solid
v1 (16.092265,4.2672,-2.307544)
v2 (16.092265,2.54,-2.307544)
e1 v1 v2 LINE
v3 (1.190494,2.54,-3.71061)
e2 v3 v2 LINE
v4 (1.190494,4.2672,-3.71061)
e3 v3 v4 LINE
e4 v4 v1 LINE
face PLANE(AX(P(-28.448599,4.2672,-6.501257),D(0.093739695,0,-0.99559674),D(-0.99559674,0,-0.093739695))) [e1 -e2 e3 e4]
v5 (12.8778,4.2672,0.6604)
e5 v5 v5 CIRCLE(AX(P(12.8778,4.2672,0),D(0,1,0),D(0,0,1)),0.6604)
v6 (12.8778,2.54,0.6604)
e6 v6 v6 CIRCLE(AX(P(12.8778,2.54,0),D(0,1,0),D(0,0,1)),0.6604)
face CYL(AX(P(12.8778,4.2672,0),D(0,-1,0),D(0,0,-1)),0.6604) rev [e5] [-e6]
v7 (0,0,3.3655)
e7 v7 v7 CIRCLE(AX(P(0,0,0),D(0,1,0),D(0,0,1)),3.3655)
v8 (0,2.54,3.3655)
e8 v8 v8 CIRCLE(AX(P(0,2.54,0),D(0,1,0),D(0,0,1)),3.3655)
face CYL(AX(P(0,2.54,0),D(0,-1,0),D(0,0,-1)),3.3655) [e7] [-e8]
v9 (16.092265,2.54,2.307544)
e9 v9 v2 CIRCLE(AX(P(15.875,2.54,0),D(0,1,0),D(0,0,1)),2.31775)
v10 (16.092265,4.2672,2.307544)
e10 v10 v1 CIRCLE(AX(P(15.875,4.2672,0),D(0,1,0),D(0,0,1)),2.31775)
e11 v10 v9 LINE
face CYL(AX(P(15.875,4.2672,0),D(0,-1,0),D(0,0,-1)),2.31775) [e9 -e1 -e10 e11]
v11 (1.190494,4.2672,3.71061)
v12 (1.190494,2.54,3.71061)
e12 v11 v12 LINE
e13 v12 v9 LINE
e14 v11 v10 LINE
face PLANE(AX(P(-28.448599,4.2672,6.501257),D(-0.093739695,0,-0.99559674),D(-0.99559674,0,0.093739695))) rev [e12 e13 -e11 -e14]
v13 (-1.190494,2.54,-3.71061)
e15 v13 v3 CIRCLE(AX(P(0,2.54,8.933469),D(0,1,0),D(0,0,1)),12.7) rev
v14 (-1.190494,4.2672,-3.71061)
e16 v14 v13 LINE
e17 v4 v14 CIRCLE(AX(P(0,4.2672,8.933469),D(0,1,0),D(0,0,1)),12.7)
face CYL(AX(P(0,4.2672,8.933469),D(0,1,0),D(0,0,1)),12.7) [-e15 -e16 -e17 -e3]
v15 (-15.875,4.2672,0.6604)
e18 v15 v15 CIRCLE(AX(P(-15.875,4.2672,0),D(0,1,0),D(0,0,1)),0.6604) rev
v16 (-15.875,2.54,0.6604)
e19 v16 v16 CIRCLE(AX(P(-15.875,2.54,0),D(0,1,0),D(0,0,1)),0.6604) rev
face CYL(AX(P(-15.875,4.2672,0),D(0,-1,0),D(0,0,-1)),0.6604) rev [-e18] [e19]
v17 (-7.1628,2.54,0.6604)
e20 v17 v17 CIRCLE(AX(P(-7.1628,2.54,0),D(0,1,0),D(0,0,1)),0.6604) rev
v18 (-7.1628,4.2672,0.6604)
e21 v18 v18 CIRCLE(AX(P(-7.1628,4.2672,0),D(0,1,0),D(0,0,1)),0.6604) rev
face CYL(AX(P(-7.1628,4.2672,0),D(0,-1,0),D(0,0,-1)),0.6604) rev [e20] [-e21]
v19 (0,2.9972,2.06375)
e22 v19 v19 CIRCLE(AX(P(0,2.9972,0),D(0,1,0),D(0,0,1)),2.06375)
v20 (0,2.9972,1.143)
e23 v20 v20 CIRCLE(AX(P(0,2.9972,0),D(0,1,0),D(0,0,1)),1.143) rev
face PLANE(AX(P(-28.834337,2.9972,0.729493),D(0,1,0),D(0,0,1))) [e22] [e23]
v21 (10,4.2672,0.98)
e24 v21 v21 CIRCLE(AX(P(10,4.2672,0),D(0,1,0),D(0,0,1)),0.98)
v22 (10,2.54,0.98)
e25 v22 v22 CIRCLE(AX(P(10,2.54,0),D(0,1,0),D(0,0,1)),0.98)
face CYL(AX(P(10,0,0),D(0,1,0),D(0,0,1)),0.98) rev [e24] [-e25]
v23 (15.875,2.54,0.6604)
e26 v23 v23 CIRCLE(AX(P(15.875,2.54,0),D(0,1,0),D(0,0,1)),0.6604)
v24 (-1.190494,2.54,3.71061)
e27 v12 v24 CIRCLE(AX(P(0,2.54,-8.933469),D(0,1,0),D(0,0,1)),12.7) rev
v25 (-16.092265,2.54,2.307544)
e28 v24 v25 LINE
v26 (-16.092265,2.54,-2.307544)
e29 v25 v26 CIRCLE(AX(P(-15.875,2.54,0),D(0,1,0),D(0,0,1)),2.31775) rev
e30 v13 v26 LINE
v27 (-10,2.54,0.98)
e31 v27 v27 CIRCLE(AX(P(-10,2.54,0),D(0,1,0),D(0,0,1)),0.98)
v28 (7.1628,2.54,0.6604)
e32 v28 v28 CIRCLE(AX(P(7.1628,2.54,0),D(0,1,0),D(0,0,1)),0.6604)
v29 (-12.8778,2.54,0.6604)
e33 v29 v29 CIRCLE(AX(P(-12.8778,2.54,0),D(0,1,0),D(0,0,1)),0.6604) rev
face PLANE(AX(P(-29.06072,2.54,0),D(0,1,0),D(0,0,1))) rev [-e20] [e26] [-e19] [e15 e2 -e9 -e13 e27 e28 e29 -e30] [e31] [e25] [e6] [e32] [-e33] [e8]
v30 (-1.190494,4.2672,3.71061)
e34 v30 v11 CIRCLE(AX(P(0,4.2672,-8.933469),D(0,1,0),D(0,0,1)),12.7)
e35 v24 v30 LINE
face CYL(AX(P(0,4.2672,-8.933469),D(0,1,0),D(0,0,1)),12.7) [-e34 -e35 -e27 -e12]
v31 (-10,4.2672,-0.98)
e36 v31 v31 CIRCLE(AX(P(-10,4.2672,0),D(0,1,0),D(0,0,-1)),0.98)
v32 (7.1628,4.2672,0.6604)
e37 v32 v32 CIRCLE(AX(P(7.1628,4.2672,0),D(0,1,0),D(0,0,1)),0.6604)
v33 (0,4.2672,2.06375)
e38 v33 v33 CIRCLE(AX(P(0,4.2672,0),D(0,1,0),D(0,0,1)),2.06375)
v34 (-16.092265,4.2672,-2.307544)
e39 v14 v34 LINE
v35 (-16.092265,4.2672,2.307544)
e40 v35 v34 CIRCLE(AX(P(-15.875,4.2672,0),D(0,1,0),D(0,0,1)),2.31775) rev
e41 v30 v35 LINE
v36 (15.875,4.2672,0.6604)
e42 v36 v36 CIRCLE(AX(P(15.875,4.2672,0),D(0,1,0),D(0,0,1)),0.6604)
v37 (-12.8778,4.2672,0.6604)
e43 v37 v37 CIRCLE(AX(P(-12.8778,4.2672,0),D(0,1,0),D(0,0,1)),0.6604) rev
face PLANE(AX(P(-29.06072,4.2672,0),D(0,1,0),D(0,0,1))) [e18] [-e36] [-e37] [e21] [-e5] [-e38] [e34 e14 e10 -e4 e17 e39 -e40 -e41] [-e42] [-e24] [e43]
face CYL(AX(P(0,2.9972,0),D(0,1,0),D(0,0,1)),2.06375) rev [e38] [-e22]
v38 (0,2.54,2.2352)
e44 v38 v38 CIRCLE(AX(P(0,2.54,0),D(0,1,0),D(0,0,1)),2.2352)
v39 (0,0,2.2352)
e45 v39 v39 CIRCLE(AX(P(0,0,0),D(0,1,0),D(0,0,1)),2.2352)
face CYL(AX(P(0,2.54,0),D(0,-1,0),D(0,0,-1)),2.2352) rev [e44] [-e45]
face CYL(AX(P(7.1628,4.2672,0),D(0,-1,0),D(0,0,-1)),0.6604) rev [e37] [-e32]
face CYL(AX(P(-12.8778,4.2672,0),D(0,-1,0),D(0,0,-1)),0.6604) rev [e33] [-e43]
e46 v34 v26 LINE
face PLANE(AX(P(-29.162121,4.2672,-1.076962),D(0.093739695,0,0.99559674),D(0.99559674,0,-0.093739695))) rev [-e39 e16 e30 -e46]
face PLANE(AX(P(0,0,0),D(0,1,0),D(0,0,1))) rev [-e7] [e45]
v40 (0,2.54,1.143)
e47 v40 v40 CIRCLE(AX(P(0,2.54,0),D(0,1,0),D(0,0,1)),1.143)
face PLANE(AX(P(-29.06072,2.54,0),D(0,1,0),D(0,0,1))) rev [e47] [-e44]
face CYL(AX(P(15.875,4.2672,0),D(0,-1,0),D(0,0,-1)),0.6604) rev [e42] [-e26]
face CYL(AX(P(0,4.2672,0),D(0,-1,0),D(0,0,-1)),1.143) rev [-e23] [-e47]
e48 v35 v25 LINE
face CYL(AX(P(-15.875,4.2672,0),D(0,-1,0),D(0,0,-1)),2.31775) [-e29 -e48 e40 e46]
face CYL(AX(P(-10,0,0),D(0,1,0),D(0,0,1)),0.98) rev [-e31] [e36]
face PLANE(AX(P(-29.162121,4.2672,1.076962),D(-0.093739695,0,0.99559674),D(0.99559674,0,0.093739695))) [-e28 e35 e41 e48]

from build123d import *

# Parameters (mm, degrees)
SKETCH1_R           = 3.3655
SKETCH1_R_2         = 2.2352
BOSS_EXTRUDE1_DEPTH = 2.54
SKETCH2_R           = 0.6604
SKETCH2_R_2         = 2.31775
SKETCH2_R_3         = 3.3655
SKETCH2_R_4         = 2.2352
SKETCH2_R_5         = 1.143
BOSS_EXTRUDE2_DEPTH = 1.7272
FILLET1_R           = 12.7
SKETCH3_R           = 2.06375
SKETCH3_R_2         = 1.143
CUT_EXTRUDE1_DEPTH  = 1.27
SKETCH8_R           = 0.98
CUT_EXTRUDE4_DEPTH  = 20.062316393


with BuildPart() as part:
    # Sketch1 → Boss-Extrude1 (new body)
    with BuildSketch(Plane(origin=(0, 0, 0), x_dir=(1, 0, 0), z_dir=(0, 1, 0))):
        with Locations(Location((0, 0, 0), (0, 0, 270))):
            Circle(SKETCH1_R)
        with Locations(Location((0, 0, 0), (0, 0, 270))):
            Circle(SKETCH1_R_2, mode=Mode.SUBTRACT)
    extrude(amount=BOSS_EXTRUDE1_DEPTH)

    # Sketch2 → Boss-Extrude2 (add)
    with BuildSketch(Plane(origin=(0, 2.54, 0), x_dir=(1, 0, 0), z_dir=(0, 1, 0))):
        with BuildLine():
            ThreePointArc((-0.713521748, -3.755518873), (-3.8227, 0), (-0.713521748, 3.755518873))
            Line((-0.713521748, 3.755518873), (-16.092265178, 2.307544345))
            ThreePointArc((-16.092265178, 2.307544345), (-14.314807913, 1.713991165), (-13.55725, 0))
            ThreePointArc((-13.55725, 0), (-14.314807913, -1.713991165), (-16.092265178, -2.307544345))
            Line((-16.092265178, -2.307544345), (-0.713521748, -3.755518873))
        make_face()
        with Locations(Location((-12.8778, 0, 0), (0, 0, 270))):
            Circle(SKETCH2_R, mode=Mode.SUBTRACT)
        with Locations(Location((-9.8806, 0, 0), (0, 0, 270))):
            Circle(SKETCH2_R, mode=Mode.SUBTRACT)
        with Locations(Location((-7.1628, 0, 0), (0, 0, 270))):
            Circle(SKETCH2_R, mode=Mode.SUBTRACT)
        with Locations((-15.875, 0)):
            Circle(SKETCH2_R_2)
        with Locations(Location((-15.875, 0, 0), (0, 0, 270))):
            Circle(SKETCH2_R, mode=Mode.SUBTRACT)
        with BuildLine():
            Line((16.092265178, 2.307544345), (0.713521748, 3.755518873))
            ThreePointArc((0.713521748, 3.755518873), (2.944538578, 2.437771083), (3.8227, 0))
            ThreePointArc((3.8227, 0), (2.944538578, -2.437771083), (0.713521748, -3.755518873))
            Line((0.713521748, -3.755518873), (16.092265178, -2.307544345))
            ThreePointArc((16.092265178, -2.307544345), (13.55725, 0), (16.092265178, 2.307544345))
        make_face()
        with Locations(Location((7.1628, 0, 0), (0, 0, 270))):
            Circle(SKETCH2_R, mode=Mode.SUBTRACT)
        with Locations(Location((9.8806, 0, 0), (0, 0, 270))):
            Circle(SKETCH2_R, mode=Mode.SUBTRACT)
        with Locations(Location((12.8778, 0, 0), (0, 0, 270))):
            Circle(SKETCH2_R, mode=Mode.SUBTRACT)
        with Locations((15.875, 0)):
            Circle(SKETCH2_R_2)
        with Locations(Location((15.875, 0, 0), (0, 0, 270))):
            Circle(SKETCH2_R, mode=Mode.SUBTRACT)
        with BuildLine():
            Line((0.713521748, 3.755518873), (0, 3.8227))
            Line((0, 3.8227), (-0.713521748, 3.755518873))
            ThreePointArc((-0.713521748, 3.755518873), (-3.8227, 0), (-0.713521748, -3.755518873))
            Line((-0.713521748, -3.755518873), (0, -3.8227))
            Line((0, -3.8227), (0.713521748, -3.755518873))
            ThreePointArc((0.713521748, -3.755518873), (2.944538578, -2.437771083), (3.8227, 0))
            ThreePointArc((3.8227, 0), (2.944538578, 2.437771083), (0.713521748, 3.755518873))
        make_face()
        with Locations(Location((0, 0, 0), (0, 0, 270))):
            Circle(SKETCH2_R_3, mode=Mode.SUBTRACT)
        with Locations(Location((0, 0, 0), (0, 0, 270))):
            Circle(SKETCH2_R_3)
        with Locations(Location((0, 0, 0), (0, 0, 270))):
            Circle(SKETCH2_R_4, mode=Mode.SUBTRACT)
        with Locations(Location((0, 0, 0), (0, 0, 270))):
            Circle(SKETCH2_R_4)
        with Locations(Location((0, 0, 0), (0, 0, 270))):
            Circle(SKETCH2_R_5, mode=Mode.SUBTRACT)
    extrude(amount=BOSS_EXTRUDE2_DEPTH)

    # Fillet1
    fillet1_edges = [part.edges().sort_by_distance(p)[0] for p in [
        (0, 3.4036, -3.8227),
        (0, 3.4036, 3.8227),
    ]]
    fillet(fillet1_edges, radius=FILLET1_R)

    # Sketch3 → Cut-Extrude1 (cut)
    with BuildSketch(Plane(origin=(0, 4.2672, 0), x_dir=(1, 0, 0), z_dir=(0, 1, 0))):
        with Locations(Location((0, 0, 0), (0, 0, 270))):
            Circle(SKETCH3_R)
        with Locations(Location((0, 0, 0), (0, 0, 270))):
            Circle(SKETCH3_R_2, mode=Mode.SUBTRACT)
    extrude(amount=-CUT_EXTRUDE1_DEPTH, mode=Mode.SUBTRACT)

    # Sketch8 → Cut-Extrude4 (cut, through all)
    with BuildSketch(Plane(origin=(0, 4.2672, 0), x_dir=(1, 0, 0), z_dir=(0, 1, 0))):
        with Locations(Location((10, 0, 0), (0, 0, 270))):
            Circle(SKETCH8_R)
        with Locations(Location((-10, 0, 0), (0, 0, 270))):
            Circle(SKETCH8_R)
    extrude(amount=-CUT_EXTRUDE4_DEPTH, mode=Mode.SUBTRACT)


solid = part.part
